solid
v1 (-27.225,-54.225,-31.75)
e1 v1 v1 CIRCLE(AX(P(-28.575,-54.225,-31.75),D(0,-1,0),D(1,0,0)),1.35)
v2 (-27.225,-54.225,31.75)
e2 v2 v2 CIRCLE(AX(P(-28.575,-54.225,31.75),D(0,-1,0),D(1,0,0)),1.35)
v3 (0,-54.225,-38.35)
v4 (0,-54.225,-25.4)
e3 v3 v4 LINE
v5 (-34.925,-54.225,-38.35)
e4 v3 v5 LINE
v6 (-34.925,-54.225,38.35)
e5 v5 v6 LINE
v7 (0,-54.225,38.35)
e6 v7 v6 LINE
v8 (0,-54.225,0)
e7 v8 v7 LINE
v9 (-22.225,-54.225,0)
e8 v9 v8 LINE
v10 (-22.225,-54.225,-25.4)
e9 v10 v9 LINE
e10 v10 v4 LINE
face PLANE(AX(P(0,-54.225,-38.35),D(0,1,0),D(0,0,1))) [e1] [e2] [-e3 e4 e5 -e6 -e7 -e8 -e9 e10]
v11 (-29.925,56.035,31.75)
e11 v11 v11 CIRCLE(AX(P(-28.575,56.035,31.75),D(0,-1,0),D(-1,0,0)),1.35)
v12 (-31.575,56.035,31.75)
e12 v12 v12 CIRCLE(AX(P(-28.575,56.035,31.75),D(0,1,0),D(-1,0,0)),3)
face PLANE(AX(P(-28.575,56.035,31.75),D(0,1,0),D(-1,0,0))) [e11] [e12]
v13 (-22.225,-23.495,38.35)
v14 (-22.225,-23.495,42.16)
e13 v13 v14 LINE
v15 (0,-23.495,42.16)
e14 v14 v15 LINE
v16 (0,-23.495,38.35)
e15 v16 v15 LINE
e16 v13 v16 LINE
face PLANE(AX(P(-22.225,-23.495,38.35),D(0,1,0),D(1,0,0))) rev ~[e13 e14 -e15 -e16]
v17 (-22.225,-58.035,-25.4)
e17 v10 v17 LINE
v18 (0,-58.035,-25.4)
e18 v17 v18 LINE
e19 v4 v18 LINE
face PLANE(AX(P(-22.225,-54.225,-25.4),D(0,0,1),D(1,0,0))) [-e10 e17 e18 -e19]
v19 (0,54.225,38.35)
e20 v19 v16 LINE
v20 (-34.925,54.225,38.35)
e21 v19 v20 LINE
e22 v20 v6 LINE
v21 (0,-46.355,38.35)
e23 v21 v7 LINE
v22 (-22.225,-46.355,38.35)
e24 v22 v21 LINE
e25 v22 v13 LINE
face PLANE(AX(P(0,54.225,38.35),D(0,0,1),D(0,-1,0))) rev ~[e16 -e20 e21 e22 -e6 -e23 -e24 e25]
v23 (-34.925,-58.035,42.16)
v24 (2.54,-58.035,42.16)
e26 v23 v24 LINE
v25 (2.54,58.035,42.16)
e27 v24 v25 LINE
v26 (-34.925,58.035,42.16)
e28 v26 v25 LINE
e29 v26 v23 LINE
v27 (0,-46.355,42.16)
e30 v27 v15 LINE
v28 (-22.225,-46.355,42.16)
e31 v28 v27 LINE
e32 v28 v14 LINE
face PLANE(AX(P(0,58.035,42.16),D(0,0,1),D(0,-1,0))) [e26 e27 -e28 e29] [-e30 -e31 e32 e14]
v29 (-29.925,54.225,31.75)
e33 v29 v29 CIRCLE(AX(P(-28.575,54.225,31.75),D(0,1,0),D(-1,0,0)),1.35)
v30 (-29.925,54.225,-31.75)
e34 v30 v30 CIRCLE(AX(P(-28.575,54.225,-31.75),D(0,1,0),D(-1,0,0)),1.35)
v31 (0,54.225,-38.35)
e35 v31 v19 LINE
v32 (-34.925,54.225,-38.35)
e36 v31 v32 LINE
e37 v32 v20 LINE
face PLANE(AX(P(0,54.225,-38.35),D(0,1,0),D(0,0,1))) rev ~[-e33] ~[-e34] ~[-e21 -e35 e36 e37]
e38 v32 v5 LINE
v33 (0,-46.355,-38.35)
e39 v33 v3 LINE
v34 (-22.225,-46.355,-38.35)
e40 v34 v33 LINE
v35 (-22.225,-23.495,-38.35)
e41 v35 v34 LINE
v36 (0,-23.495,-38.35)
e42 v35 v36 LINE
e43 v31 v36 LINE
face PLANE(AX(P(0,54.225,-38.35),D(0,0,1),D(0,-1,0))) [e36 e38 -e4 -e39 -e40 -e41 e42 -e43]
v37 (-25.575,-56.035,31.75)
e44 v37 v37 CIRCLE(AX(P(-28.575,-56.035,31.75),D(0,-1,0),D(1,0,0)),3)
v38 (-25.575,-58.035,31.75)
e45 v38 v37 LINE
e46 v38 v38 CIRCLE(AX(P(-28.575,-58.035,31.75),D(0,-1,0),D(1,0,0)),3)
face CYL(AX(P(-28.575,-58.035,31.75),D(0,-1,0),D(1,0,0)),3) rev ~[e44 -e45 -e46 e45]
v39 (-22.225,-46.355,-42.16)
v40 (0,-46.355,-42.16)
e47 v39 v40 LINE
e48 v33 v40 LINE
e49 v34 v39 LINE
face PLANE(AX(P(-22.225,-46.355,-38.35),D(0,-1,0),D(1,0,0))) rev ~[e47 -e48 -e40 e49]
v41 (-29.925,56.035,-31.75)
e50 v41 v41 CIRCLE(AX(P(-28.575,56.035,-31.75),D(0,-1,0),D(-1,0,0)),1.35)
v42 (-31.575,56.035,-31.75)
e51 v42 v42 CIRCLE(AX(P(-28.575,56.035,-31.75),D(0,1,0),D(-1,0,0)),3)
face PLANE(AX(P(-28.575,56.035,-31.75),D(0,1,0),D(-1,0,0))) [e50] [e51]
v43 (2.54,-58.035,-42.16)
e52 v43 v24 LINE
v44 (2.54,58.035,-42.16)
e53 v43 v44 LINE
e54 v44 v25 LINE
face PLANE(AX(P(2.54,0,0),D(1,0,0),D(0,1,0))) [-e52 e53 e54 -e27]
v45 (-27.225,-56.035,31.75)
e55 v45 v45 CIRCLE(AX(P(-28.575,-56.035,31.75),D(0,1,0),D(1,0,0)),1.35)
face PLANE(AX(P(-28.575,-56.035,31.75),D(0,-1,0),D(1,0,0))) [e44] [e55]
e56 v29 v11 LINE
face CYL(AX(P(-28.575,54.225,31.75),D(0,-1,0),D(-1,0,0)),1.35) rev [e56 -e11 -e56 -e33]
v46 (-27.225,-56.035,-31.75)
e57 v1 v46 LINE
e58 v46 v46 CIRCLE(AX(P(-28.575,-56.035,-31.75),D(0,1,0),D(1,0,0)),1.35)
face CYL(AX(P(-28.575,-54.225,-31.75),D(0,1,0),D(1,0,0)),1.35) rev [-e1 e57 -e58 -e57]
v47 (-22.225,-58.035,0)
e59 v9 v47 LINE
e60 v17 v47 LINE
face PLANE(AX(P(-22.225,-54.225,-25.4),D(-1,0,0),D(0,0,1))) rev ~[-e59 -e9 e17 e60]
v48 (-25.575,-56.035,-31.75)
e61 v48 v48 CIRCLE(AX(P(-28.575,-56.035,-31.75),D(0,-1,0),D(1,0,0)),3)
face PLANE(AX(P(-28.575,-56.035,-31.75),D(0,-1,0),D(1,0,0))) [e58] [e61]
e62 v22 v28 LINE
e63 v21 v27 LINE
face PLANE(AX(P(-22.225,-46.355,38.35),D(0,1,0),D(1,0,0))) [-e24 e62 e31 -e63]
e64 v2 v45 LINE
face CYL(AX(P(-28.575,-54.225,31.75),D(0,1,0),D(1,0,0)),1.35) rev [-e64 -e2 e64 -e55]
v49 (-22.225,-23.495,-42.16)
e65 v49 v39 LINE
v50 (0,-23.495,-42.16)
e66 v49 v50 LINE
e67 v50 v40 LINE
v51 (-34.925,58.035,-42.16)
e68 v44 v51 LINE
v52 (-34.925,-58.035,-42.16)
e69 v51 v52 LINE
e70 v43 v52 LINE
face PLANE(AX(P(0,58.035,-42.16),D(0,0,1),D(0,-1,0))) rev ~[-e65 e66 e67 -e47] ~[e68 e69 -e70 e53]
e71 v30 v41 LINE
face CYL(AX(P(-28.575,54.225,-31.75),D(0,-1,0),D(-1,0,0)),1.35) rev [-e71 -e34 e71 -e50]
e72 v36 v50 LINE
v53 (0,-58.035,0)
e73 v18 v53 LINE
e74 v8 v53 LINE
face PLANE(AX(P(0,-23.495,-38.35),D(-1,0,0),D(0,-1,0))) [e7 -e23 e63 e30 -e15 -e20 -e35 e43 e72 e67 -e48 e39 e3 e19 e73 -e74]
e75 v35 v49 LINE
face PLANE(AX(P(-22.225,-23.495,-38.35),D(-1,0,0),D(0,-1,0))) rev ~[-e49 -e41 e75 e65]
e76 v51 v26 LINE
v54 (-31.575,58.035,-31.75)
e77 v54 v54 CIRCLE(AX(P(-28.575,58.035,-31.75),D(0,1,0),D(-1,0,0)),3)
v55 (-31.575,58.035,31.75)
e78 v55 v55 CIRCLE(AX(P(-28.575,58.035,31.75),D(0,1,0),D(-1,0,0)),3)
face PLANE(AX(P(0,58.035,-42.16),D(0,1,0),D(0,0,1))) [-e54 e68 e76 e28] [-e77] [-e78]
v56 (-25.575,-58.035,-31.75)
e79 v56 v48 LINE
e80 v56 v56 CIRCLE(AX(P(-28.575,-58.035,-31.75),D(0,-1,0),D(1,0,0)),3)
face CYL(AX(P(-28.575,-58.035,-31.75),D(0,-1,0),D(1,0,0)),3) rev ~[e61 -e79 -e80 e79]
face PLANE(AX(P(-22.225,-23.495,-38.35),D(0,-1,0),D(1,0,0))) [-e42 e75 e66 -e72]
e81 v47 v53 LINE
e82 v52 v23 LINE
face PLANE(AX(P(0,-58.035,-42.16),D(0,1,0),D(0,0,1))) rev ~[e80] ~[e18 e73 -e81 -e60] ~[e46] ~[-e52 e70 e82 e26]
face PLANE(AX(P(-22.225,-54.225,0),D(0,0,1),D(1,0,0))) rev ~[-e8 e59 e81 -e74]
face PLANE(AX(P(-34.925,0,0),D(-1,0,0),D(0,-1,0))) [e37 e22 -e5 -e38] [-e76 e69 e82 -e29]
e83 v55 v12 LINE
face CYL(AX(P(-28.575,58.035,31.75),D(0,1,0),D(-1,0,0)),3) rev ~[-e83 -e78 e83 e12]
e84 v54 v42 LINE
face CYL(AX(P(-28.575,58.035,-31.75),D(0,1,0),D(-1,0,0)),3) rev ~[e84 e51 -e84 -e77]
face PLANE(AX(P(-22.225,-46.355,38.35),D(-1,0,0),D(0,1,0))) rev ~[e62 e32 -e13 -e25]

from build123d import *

# Parameters (mm, degrees)
SKETCH1_W           = 116.070000016
SKETCH1_H           = 84.320000016
BOSS_EXTRUDE1_DEPTH = 2.54
SKETCH2_W           = 116.070000016
SKETCH2_H           = 84.320000016
SKETCH2_W_2         = 108.450000016
SKETCH2_H_2         = 76.700000016
BOSS_EXTRUDE2_DEPTH = 34.925
CUT_EXTRUDE1_START  = 0.25
SKETCH4_R           = 1.349999967
CUT_EXTRUDE1_DEPTH  = 3.81
CUT_EXTRUDE2_START  = 0.25
SKETCH5_R           = 1.349999967
CUT_EXTRUDE2_DEPTH  = 3.81
SKETCH7_R           = 2.999999969
CUT_EXTRUDE3_DEPTH  = 2.000000064
SKETCH6_R           = 2.999999969
CUT_EXTRUDE4_DEPTH  = 2.000000064
CUT_EXTRUDE5_START  = 0.25
SKETCH11_W          = 22.225
SKETCH11_H          = 22.86
CUT_EXTRUDE5_DEPTH  = 3.81
CUT_EXTRUDE6_START  = 0.25
SKETCH8_W           = 22.225
SKETCH8_H           = 25.4
CUT_EXTRUDE6_DEPTH  = 3.81
CUT_EXTRUDE7_START  = 0.25
SKETCH10_W          = 22.225
SKETCH10_H          = 22.86
CUT_EXTRUDE7_DEPTH  = 3.81


with BuildPart() as part:
    # Sketch1 → Boss-Extrude1 (new body)
    with BuildSketch(Plane.YZ):
        Rectangle(SKETCH1_W, SKETCH1_H)
    extrude(amount=BOSS_EXTRUDE1_DEPTH)

    # Sketch2 → Boss-Extrude2 (add)
    with BuildSketch(Plane(origin=(0, 0, 0), x_dir=(0, -1, 0), z_dir=(-1, 0, 0))):
        Rectangle(SKETCH2_W, SKETCH2_H)
        Rectangle(SKETCH2_W_2, SKETCH2_H_2, mode=Mode.SUBTRACT)
    extrude(amount=BOSS_EXTRUDE2_DEPTH)

    # Sketch4 → Cut-Extrude1 (cut)
    with BuildSketch(Plane.XZ.offset(53.975).offset(CUT_EXTRUDE1_START)):
        with Locations((-28.575, 31.75)):
            Circle(SKETCH4_R)
        with Locations((-28.575, -31.75)):
            Circle(SKETCH4_R)
    extrude(amount=CUT_EXTRUDE1_DEPTH, mode=Mode.SUBTRACT)

    # Sketch5 → Cut-Extrude2 (cut)
    with BuildSketch(Plane(origin=(0, 53.975, 0), x_dir=(-1, 0, 0), z_dir=(0, 1, 0)).offset(CUT_EXTRUDE2_START)):
        with Locations((28.575, -31.75)):
            Circle(SKETCH5_R)
        with Locations((28.575, 31.75)):
            Circle(SKETCH5_R)
    extrude(amount=CUT_EXTRUDE2_DEPTH, mode=Mode.SUBTRACT)

    # Sketch7 → Cut-Extrude3 (cut)
    with BuildSketch(Plane(origin=(0, 58.035000008, 0), x_dir=(-1, 0, 0), z_dir=(0, 1, 0))):
        with Locations((28.575, -31.75)):
            Circle(SKETCH7_R)
        with Locations((28.575, 31.75)):
            Circle(SKETCH7_R)
    extrude(amount=-CUT_EXTRUDE3_DEPTH, mode=Mode.SUBTRACT)

    # Sketch6 → Cut-Extrude4 (cut)
    with BuildSketch(Plane.XZ.offset(58.035000008)):
        with Locations((-28.575, 31.75)):
            Circle(SKETCH6_R)
        with Locations((-28.575, -31.75)):
            Circle(SKETCH6_R)
    extrude(amount=-CUT_EXTRUDE4_DEPTH, mode=Mode.SUBTRACT)

    # Sketch11 → Cut-Extrude5 (cut)
    with BuildSketch(Plane(origin=(0, 0, -38.1), x_dir=(1, 0, 0), z_dir=(0, 0, -1)).offset(CUT_EXTRUDE5_START)):
        with Locations((-11.1125, 34.925)):
            Rectangle(SKETCH11_W, SKETCH11_H)
    extrude(amount=CUT_EXTRUDE5_DEPTH, mode=Mode.SUBTRACT)

    # Sketch8 → Cut-Extrude6 (cut)
    with BuildSketch(Plane.XZ.offset(53.975).offset(CUT_EXTRUDE6_START)):
        with Locations((-11.1125, -12.7)):
            Rectangle(SKETCH8_W, SKETCH8_H)
    extrude(amount=CUT_EXTRUDE6_DEPTH, mode=Mode.SUBTRACT)

    # Sketch10 → Cut-Extrude7 (cut)
    with BuildSketch(Plane.XY.offset(38.1).offset(CUT_EXTRUDE7_START)):
        with Locations((-11.1125, -34.925)):
            Rectangle(SKETCH10_W, SKETCH10_H)
    extrude(amount=CUT_EXTRUDE7_DEPTH, mode=Mode.SUBTRACT)


solid = part.part
